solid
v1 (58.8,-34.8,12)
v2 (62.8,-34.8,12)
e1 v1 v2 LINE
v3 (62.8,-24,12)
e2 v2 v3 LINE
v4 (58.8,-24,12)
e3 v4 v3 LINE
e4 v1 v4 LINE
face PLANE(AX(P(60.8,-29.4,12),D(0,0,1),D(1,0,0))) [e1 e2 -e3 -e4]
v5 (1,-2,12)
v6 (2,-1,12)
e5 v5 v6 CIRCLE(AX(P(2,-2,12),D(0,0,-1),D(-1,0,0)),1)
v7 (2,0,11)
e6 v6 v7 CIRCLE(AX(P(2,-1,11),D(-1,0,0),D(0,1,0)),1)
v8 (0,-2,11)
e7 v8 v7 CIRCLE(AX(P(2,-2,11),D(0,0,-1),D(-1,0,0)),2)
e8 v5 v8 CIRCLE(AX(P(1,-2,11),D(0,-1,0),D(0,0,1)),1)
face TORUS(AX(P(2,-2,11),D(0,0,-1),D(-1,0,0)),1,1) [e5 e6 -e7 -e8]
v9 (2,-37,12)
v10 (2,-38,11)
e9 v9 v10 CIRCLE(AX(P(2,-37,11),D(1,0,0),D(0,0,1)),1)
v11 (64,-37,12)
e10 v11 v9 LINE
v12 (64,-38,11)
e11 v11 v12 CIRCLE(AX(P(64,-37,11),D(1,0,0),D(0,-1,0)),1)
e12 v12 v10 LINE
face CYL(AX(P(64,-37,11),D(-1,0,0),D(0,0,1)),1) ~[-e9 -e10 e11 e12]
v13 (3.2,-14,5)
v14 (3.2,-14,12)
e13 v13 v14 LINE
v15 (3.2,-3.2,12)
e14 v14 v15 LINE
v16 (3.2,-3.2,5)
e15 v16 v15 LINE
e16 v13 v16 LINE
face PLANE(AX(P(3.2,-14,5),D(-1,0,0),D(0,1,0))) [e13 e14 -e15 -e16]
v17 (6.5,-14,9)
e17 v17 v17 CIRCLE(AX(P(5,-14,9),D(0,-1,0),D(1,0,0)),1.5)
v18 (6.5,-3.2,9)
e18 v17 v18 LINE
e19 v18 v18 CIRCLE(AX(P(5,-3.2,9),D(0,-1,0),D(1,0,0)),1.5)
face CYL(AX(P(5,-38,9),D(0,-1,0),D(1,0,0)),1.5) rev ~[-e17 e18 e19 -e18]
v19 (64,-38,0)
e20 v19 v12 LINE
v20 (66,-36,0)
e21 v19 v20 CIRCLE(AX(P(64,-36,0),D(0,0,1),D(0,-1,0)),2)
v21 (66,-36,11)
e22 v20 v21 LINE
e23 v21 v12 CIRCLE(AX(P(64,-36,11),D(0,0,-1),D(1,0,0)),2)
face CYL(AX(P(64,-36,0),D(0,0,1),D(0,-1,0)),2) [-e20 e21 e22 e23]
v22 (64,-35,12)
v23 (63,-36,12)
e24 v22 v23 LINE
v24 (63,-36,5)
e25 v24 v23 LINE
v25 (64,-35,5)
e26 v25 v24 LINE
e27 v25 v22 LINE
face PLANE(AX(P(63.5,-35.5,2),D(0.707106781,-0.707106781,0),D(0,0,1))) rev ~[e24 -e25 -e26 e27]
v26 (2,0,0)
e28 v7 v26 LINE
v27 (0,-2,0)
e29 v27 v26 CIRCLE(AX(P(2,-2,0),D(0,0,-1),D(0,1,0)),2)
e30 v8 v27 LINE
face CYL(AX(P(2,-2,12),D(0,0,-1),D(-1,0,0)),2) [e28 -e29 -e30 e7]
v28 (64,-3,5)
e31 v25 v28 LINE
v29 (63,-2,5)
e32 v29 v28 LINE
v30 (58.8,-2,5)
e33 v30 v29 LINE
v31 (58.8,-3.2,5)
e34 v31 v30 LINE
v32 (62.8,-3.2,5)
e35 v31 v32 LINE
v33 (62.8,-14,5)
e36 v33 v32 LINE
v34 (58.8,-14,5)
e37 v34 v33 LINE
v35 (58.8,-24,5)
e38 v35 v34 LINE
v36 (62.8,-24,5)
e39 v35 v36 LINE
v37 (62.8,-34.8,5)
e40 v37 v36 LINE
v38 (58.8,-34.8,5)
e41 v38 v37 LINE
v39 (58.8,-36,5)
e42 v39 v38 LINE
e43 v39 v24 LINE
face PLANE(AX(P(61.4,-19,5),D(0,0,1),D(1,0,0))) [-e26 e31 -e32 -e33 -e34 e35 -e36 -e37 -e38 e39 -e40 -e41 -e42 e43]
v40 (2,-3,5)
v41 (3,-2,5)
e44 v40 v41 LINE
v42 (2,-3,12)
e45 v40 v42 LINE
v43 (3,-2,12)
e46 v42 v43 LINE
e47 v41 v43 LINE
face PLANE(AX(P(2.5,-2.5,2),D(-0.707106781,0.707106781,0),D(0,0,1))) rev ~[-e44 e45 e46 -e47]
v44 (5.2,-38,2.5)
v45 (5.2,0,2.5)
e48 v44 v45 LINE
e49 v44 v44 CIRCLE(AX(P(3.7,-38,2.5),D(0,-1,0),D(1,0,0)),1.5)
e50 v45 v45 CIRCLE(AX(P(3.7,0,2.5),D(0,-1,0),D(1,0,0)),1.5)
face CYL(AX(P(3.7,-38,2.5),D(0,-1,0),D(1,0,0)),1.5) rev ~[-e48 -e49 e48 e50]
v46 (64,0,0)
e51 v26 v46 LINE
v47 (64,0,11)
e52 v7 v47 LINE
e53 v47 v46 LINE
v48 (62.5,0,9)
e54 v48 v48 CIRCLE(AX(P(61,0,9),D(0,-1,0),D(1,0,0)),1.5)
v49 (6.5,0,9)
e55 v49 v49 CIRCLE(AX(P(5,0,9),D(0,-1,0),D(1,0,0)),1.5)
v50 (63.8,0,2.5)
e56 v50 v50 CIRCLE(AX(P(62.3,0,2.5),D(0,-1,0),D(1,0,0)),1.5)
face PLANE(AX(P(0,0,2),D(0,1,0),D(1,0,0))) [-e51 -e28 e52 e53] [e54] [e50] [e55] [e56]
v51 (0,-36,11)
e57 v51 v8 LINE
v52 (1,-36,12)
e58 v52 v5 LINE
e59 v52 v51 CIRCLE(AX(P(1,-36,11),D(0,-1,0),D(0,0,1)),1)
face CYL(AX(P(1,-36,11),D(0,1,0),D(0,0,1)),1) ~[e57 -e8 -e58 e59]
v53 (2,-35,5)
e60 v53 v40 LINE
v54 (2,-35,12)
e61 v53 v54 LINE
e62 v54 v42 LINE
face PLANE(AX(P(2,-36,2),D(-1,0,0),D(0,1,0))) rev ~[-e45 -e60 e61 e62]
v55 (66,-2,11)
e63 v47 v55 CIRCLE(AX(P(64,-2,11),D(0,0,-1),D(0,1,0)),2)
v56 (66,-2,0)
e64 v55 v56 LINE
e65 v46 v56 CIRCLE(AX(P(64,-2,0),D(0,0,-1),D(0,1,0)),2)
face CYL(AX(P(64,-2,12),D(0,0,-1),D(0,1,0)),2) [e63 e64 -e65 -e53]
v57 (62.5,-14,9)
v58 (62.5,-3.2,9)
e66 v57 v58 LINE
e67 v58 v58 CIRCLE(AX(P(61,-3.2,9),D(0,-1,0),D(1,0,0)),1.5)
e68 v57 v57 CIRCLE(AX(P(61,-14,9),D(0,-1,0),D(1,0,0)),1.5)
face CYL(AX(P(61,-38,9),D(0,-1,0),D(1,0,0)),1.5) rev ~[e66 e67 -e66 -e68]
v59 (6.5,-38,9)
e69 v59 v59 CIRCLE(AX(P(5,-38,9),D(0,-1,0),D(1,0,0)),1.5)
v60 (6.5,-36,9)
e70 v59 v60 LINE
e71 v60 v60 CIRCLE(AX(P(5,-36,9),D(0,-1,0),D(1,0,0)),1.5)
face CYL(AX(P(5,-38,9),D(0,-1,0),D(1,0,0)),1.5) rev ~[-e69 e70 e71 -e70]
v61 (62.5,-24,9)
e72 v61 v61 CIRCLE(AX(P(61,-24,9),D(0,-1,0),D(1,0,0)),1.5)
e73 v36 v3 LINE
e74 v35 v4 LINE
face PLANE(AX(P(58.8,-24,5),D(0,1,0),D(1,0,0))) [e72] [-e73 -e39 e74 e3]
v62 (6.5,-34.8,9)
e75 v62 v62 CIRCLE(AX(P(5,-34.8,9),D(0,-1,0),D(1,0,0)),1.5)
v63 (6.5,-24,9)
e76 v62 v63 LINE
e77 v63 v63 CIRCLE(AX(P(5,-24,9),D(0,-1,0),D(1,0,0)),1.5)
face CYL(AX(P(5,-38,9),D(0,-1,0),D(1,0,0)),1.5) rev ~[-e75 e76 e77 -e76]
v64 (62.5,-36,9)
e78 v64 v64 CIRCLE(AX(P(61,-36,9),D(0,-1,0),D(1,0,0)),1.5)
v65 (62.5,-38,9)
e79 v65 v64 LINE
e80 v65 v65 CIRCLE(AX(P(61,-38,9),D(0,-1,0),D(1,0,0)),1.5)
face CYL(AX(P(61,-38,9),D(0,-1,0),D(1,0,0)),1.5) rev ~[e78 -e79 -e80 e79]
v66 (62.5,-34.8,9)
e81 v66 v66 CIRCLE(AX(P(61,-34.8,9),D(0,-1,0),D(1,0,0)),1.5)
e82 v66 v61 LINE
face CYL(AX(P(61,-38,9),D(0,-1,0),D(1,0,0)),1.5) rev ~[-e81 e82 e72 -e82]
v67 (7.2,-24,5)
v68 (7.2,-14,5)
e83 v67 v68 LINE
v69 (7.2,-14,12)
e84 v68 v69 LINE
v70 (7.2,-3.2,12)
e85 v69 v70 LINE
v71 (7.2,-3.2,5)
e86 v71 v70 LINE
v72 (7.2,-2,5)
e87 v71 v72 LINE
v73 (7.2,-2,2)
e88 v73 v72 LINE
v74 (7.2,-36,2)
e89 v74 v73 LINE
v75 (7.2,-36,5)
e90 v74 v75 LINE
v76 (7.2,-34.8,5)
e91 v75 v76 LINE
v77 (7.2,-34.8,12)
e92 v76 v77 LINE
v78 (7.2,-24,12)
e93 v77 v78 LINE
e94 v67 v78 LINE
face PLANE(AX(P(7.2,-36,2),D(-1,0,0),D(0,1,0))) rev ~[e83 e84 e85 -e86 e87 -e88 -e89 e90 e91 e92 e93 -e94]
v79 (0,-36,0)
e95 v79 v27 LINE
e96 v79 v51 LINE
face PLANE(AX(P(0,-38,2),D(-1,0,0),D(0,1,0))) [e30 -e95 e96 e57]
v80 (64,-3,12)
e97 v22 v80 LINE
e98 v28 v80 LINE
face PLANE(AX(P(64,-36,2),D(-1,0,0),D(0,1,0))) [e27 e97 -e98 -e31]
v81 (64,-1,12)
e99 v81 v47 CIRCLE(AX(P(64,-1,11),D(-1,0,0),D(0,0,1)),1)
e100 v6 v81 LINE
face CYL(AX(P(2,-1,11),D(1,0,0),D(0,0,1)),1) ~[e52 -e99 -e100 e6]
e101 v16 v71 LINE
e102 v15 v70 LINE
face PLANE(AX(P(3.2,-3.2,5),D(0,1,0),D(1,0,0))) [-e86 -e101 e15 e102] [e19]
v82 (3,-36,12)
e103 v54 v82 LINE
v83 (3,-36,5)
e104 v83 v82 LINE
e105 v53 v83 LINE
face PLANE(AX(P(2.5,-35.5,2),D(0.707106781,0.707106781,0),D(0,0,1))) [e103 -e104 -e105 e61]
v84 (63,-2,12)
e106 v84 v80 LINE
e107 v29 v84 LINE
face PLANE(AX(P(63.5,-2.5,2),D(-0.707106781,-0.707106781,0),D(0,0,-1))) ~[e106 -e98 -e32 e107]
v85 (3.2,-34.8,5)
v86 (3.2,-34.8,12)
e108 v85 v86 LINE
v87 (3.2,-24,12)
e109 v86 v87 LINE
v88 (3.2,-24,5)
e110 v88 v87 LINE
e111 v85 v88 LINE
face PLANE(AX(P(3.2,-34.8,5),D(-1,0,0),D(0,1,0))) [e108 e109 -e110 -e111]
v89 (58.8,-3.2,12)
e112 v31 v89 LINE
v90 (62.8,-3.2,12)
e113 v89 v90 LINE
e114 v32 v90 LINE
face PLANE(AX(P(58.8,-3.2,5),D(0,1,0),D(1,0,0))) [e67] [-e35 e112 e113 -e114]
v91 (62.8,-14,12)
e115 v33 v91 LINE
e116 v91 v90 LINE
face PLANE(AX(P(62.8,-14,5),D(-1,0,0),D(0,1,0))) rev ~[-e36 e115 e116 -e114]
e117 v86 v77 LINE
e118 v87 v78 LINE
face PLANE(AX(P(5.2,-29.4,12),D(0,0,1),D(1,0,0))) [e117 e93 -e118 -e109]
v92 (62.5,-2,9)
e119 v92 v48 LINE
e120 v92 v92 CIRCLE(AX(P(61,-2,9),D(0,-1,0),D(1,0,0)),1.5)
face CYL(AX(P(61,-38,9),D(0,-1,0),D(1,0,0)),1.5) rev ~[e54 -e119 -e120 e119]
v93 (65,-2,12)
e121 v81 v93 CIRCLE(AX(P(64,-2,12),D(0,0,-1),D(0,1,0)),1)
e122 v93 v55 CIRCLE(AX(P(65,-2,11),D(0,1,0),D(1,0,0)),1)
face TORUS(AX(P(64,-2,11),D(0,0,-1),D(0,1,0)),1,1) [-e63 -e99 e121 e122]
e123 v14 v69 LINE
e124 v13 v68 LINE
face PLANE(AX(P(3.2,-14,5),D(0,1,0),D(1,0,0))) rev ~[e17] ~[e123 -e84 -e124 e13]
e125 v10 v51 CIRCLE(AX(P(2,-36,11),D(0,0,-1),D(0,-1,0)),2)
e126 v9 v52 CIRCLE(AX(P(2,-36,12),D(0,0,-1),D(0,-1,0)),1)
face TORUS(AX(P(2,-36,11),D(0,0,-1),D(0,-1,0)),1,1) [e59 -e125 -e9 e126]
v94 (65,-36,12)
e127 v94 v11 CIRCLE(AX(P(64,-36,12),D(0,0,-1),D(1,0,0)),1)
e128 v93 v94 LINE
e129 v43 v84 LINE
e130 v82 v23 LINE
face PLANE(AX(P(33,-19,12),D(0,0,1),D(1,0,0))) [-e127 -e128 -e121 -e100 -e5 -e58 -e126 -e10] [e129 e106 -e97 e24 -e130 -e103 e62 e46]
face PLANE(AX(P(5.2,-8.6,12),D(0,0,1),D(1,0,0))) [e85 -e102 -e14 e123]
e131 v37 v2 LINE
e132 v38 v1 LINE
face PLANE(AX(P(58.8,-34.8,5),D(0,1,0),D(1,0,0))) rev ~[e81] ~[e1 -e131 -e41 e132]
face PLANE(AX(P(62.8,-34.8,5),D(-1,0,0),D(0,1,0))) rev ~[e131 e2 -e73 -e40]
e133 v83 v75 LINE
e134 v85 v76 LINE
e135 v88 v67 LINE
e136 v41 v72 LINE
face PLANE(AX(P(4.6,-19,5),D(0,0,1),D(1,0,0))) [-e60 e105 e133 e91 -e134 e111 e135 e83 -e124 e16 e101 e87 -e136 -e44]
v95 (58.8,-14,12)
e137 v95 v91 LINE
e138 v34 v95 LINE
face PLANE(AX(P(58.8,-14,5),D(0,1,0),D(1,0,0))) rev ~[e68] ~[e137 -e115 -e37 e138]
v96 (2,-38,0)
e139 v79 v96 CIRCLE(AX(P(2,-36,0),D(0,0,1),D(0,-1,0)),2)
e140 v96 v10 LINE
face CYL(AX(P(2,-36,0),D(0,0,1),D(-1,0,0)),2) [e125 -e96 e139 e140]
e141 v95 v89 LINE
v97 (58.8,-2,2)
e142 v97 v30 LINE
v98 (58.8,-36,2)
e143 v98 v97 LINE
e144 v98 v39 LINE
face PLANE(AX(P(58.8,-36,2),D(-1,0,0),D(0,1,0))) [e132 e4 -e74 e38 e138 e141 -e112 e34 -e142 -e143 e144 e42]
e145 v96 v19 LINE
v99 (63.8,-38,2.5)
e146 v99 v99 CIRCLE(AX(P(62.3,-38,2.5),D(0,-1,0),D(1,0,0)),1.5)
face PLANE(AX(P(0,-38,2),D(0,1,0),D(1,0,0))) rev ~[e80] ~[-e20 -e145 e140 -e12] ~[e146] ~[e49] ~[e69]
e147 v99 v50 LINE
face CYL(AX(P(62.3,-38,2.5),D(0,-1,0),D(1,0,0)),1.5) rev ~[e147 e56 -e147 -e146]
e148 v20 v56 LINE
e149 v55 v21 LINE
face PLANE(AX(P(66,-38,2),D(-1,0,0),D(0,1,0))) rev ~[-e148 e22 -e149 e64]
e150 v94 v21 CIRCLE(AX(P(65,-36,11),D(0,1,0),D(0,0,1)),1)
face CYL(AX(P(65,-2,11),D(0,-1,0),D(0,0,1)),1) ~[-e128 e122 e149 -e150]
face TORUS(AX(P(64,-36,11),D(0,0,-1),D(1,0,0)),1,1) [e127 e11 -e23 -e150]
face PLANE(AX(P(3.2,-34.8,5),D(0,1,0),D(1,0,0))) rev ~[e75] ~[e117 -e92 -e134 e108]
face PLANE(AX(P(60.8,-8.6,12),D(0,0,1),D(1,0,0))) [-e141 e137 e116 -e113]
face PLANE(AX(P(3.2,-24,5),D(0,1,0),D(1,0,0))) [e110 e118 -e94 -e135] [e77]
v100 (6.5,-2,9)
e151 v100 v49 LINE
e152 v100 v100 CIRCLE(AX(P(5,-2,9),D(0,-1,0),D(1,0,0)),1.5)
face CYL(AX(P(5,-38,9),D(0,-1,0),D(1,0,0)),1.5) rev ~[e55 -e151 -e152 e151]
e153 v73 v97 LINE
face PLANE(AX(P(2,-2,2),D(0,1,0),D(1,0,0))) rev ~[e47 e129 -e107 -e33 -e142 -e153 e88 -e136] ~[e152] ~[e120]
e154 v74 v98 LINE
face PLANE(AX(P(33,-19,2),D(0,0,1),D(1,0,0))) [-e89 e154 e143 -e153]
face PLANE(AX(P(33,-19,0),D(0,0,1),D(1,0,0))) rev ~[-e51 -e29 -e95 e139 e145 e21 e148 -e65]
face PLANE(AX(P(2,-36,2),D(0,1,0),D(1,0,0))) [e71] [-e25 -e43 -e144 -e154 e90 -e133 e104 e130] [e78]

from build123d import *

# Parameters (mm, degrees)
F0_W      = 66
F0_H      = 38
F1_DEPTH  = 2
F2_W      = 66
F2_H      = 38
F2_W_2    = 62
F2_H_2    = 34
F3_DEPTH  = 10
F4_SIZE   = 1
F5_R      = 2
F6_R      = 1
F7_W      = 5.2
F7_H      = 34
F8_DEPTH  = 3
F9_R      = 1.5
F10_DEPTH = 38.001
F11_W     = 4
F11_H     = 10.8
F12_DEPTH = 7
F13_R     = 1.5
F14_DEPTH = 38.001


with BuildPart() as f1:
    # F0 (on Top) → F1 (new body)
    with BuildSketch(Plane.XY):
        with Locations((33, -19)):
            Rectangle(F0_W, F0_H)
    extrude(amount=F1_DEPTH)

    # F2 (on face) → F3 (join)
    with BuildSketch(Plane.XY.offset(2)):
        with Locations((33, -19)):
            Rectangle(F2_W, F2_H)
        with Locations((33, -19)):
            Rectangle(F2_W_2, F2_H_2, mode=Mode.SUBTRACT)
    extrude(amount=F3_DEPTH)

    # F4
    f4_edges = [f1.edges().sort_by_distance(p)[0] for p in [
        (2, -2, 7),
        (2, -36, 7),
        (64, -2, 7),
        (64, -36, 7),
    ]]
    chamfer(f4_edges, length=F4_SIZE)

    # F5
    f5_edges = [f1.edges().sort_by_distance(p)[0] for p in [
        (0, -38, 6),
        (66, -38, 6),
        (66, 0, 6),
        (0, 0, 6),
    ]]
    fillet(f5_edges, radius=F5_R)

    # F6
    f6_edges = [f1.edges().sort_by_distance(p)[0] for p in [
        (0, -19, 12),
        (33, -38, 12),
        (66, -19, 12),
        (33, 0, 12),
    ]]
    fillet(f6_edges, radius=F6_R)

    # F7 (on face) → F8 (join)
    with BuildSketch(Plane.XY.offset(2)):
        with Locations((4.6, -19)):
            Rectangle(F7_W, F7_H)
        with Locations((61.4, -19)):
            Rectangle(F7_W, F7_H)
    extrude(amount=F8_DEPTH)

    # F9 (on face) → F10 (cut, through all)
    with BuildSketch(Plane.XZ.offset(38)):
        with Locations((3.7, 2.5)):
            Circle(F9_R)
        with Locations((62.3, 2.5)):
            Circle(F9_R)
    extrude(amount=-F10_DEPTH, mode=Mode.SUBTRACT)

    # F11 (on face) → F12 (join)
    with BuildSketch(Plane.XY.offset(5)):
        with Locations((5.2, -8.6)):
            Rectangle(F11_W, F11_H)
        with Locations((5.2, -29.4)):
            Rectangle(F11_W, F11_H)
        with Locations((60.8, -8.6)):
            Rectangle(F11_W, F11_H)
        with Locations((60.8, -29.4)):
            Rectangle(F11_W, F11_H)
    extrude(amount=F12_DEPTH)

    # F13 (on face) → F14 (cut, through all)
    with BuildSketch(Plane.XZ.offset(38)):
        with Locations((5, 9)):
            Circle(F13_R)
        with Locations((61, 9)):
            Circle(F13_R)
    extrude(amount=-F14_DEPTH, mode=Mode.SUBTRACT)


solid = f1.part
